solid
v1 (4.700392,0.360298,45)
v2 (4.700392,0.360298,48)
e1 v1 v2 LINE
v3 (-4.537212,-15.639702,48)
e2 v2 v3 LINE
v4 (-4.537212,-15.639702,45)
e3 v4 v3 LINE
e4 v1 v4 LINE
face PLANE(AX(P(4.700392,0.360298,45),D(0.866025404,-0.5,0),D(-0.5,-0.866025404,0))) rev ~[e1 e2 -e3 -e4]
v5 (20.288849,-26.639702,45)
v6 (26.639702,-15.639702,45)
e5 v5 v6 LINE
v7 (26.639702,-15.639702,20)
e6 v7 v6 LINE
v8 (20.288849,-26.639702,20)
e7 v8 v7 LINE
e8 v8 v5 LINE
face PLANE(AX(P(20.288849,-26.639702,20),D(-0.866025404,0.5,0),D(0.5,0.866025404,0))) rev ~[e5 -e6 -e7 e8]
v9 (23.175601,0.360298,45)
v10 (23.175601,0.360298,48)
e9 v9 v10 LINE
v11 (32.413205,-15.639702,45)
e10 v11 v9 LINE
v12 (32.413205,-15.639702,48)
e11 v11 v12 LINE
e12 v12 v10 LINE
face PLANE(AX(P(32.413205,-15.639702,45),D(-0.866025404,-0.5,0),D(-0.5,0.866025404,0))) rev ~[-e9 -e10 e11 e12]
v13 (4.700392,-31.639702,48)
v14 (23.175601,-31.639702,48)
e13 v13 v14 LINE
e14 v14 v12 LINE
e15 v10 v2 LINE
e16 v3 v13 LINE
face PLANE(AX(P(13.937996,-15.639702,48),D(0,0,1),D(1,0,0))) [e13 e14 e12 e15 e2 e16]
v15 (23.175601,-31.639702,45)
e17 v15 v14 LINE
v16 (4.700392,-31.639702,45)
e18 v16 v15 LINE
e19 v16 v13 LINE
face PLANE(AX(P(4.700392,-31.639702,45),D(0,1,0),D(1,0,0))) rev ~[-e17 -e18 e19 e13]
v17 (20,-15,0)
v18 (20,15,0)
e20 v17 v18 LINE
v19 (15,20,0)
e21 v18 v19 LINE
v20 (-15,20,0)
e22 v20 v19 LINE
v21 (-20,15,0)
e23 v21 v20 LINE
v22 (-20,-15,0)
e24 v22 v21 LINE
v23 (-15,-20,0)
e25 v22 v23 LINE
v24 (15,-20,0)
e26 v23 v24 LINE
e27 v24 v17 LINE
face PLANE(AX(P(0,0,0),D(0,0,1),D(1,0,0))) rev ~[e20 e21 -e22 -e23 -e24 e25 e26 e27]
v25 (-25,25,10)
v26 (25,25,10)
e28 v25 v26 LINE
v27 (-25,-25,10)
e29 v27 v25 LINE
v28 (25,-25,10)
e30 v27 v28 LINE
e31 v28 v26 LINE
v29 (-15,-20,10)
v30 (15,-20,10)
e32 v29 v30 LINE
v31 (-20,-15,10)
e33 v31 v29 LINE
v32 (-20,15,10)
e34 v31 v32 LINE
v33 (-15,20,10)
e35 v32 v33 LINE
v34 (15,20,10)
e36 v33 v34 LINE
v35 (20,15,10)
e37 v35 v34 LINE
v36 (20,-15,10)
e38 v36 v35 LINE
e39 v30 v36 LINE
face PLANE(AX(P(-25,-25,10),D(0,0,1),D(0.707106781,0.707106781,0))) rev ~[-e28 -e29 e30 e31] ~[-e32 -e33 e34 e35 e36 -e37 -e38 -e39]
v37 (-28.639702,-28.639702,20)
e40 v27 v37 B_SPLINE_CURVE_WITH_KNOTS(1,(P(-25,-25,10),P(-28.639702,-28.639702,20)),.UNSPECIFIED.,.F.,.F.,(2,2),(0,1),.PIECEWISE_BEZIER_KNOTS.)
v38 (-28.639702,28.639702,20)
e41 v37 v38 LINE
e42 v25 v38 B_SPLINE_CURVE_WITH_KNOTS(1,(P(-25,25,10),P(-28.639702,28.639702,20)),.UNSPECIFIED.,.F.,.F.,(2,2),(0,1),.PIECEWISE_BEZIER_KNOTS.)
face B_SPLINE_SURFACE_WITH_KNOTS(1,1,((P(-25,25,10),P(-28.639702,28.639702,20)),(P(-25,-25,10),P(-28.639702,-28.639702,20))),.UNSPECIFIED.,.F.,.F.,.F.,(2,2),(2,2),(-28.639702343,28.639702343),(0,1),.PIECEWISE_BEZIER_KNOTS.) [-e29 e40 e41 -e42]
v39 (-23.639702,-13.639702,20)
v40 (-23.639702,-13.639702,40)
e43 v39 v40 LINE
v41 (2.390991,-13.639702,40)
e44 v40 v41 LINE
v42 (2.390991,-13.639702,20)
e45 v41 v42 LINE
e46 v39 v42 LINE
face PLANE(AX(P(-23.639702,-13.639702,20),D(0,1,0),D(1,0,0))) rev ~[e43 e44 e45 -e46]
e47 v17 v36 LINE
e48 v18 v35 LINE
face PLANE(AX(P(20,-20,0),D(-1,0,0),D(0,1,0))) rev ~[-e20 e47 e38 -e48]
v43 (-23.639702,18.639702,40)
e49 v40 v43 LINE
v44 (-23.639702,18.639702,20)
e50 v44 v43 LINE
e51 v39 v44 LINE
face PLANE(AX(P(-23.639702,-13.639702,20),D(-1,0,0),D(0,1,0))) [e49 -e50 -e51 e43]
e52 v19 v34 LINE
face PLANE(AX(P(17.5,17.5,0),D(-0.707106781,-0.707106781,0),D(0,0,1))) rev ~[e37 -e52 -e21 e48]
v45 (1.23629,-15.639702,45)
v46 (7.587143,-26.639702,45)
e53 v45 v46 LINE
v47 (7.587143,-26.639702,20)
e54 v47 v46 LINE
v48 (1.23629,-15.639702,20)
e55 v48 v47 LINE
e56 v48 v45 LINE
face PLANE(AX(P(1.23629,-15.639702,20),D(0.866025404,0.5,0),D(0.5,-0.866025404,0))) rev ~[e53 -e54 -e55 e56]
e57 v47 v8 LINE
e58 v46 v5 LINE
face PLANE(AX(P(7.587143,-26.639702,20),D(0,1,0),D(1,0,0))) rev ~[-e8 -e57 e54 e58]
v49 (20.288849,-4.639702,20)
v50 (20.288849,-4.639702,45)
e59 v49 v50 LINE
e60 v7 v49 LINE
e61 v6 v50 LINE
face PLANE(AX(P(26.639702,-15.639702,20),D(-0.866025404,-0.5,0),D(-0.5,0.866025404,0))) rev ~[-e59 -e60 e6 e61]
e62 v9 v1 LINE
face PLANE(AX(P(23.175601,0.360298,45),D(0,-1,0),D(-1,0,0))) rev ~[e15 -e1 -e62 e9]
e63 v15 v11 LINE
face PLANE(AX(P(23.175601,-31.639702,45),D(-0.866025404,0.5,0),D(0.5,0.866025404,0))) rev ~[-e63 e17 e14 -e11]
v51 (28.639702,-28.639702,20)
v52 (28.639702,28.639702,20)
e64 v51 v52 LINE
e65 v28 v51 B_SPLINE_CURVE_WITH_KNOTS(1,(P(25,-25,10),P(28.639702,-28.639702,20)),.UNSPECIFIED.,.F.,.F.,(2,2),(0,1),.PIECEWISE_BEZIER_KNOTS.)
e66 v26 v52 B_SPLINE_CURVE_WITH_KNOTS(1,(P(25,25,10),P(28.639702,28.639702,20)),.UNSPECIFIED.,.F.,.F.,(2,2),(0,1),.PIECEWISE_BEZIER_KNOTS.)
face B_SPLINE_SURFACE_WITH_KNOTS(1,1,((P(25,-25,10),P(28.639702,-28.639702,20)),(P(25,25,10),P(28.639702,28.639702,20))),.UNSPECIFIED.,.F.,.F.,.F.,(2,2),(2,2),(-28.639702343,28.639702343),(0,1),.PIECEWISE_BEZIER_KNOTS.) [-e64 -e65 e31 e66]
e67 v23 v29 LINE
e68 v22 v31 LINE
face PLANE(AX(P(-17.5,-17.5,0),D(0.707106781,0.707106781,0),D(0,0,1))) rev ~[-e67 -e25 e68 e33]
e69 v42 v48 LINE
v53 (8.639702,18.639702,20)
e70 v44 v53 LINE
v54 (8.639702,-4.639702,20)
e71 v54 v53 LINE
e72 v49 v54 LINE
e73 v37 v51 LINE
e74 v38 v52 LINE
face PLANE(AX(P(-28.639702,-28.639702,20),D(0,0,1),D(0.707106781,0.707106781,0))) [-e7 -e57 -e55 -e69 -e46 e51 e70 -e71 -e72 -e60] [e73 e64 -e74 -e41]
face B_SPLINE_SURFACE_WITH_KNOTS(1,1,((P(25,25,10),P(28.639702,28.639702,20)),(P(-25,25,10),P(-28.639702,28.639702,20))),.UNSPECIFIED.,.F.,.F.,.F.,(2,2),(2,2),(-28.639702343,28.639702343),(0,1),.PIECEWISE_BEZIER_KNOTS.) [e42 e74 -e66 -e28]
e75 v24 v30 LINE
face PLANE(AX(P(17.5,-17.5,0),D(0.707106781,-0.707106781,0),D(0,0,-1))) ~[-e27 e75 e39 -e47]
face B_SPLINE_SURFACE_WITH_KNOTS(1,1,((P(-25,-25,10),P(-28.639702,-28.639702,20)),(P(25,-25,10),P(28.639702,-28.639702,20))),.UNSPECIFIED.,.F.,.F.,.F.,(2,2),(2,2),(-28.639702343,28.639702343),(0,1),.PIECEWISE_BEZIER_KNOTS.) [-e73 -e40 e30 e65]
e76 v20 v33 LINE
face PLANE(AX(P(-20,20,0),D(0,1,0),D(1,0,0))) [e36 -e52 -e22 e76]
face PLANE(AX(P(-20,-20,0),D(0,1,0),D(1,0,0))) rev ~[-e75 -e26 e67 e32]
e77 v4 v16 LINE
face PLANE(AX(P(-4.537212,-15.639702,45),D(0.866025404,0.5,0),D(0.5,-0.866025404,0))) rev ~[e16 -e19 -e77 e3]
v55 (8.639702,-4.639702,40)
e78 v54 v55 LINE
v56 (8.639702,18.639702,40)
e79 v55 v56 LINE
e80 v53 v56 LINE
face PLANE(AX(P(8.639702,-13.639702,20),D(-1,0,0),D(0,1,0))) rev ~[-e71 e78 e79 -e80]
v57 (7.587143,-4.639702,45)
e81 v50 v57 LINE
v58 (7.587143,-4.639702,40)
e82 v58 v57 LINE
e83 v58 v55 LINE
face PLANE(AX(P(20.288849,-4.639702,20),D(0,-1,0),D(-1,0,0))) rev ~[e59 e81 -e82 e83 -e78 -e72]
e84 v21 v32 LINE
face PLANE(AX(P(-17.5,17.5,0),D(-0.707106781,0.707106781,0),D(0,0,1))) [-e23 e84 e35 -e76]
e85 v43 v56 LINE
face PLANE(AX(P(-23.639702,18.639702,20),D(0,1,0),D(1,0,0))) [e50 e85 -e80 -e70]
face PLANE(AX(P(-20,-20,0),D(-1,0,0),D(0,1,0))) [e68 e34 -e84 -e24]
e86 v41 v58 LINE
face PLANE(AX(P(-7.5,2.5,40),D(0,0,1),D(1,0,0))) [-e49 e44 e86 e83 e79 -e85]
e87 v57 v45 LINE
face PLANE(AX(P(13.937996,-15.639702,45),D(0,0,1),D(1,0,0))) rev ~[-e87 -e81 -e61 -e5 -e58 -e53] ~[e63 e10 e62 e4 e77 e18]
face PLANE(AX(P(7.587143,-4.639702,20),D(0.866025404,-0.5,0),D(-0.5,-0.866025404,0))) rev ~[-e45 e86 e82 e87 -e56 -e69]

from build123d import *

# Parameters (mm, degrees)
F0_W      = 40
F0_H      = 40
F1_DEPTH  = 10
F2_SIZE   = 5
F3_W      = 50
F3_H      = 50
F4_DEPTH  = 10
F4_TAPER  = -20
F5_W      = 32.2794046853
F5_H      = 32.2794046853
F6_DEPTH  = 20
F8_DEPTH  = 25
F10_DEPTH = 3


with BuildPart() as f1:
    # F0 (on Top) → F1 (new body)
    with BuildSketch(Plane.XY):
        Rectangle(F0_W, F0_H)
    extrude(amount=F1_DEPTH)

    # F2
    f2_edges = [f1.edges().sort_by_distance(p)[0] for p in [
        (-20, -20, 5),
        (-20, 20, 5),
        (20, -20, 5),
        (20, 20, 5),
    ]]
    chamfer(f2_edges, length=F2_SIZE)

    # F3 (on face) → F4 (join)
    with BuildSketch(Plane.XY.offset(10)):
        Rectangle(F3_W, F3_H)
    extrude(amount=F4_DEPTH, taper=F4_TAPER)

    # F5 (on face) → F6 (join)
    with BuildSketch(Plane.XY.offset(20)):
        with Locations((-7.5, 2.5)):
            Rectangle(F5_W, F5_H)
    extrude(amount=F6_DEPTH)

    # F7 (on face) → F8 (join)
    with BuildSketch(Plane.XY.offset(20)):
        Polygon((20.2888493816, -26.6397023427), (26.6397023427, -15.6397023427), (20.2888493816, -4.6397023427), (7.5871434594, -4.6397023427), (1.2362904983, -15.6397023427), (7.5871434594, -26.6397023427), align=None)
    extrude(amount=F8_DEPTH)

    # F9 (on face) → F10 (join)
    with BuildSketch(Plane.XY.offset(45)):
        Polygon((23.1756007275, -31.6397023427), (32.4132050346, -15.6397023427), (23.1756007275, 0.3602976573), (4.7003921135, 0.3602976573), (-4.5372121936, -15.6397023427), (4.7003921135, -31.6397023427), align=None)
    extrude(amount=F10_DEPTH)


solid = f1.part
